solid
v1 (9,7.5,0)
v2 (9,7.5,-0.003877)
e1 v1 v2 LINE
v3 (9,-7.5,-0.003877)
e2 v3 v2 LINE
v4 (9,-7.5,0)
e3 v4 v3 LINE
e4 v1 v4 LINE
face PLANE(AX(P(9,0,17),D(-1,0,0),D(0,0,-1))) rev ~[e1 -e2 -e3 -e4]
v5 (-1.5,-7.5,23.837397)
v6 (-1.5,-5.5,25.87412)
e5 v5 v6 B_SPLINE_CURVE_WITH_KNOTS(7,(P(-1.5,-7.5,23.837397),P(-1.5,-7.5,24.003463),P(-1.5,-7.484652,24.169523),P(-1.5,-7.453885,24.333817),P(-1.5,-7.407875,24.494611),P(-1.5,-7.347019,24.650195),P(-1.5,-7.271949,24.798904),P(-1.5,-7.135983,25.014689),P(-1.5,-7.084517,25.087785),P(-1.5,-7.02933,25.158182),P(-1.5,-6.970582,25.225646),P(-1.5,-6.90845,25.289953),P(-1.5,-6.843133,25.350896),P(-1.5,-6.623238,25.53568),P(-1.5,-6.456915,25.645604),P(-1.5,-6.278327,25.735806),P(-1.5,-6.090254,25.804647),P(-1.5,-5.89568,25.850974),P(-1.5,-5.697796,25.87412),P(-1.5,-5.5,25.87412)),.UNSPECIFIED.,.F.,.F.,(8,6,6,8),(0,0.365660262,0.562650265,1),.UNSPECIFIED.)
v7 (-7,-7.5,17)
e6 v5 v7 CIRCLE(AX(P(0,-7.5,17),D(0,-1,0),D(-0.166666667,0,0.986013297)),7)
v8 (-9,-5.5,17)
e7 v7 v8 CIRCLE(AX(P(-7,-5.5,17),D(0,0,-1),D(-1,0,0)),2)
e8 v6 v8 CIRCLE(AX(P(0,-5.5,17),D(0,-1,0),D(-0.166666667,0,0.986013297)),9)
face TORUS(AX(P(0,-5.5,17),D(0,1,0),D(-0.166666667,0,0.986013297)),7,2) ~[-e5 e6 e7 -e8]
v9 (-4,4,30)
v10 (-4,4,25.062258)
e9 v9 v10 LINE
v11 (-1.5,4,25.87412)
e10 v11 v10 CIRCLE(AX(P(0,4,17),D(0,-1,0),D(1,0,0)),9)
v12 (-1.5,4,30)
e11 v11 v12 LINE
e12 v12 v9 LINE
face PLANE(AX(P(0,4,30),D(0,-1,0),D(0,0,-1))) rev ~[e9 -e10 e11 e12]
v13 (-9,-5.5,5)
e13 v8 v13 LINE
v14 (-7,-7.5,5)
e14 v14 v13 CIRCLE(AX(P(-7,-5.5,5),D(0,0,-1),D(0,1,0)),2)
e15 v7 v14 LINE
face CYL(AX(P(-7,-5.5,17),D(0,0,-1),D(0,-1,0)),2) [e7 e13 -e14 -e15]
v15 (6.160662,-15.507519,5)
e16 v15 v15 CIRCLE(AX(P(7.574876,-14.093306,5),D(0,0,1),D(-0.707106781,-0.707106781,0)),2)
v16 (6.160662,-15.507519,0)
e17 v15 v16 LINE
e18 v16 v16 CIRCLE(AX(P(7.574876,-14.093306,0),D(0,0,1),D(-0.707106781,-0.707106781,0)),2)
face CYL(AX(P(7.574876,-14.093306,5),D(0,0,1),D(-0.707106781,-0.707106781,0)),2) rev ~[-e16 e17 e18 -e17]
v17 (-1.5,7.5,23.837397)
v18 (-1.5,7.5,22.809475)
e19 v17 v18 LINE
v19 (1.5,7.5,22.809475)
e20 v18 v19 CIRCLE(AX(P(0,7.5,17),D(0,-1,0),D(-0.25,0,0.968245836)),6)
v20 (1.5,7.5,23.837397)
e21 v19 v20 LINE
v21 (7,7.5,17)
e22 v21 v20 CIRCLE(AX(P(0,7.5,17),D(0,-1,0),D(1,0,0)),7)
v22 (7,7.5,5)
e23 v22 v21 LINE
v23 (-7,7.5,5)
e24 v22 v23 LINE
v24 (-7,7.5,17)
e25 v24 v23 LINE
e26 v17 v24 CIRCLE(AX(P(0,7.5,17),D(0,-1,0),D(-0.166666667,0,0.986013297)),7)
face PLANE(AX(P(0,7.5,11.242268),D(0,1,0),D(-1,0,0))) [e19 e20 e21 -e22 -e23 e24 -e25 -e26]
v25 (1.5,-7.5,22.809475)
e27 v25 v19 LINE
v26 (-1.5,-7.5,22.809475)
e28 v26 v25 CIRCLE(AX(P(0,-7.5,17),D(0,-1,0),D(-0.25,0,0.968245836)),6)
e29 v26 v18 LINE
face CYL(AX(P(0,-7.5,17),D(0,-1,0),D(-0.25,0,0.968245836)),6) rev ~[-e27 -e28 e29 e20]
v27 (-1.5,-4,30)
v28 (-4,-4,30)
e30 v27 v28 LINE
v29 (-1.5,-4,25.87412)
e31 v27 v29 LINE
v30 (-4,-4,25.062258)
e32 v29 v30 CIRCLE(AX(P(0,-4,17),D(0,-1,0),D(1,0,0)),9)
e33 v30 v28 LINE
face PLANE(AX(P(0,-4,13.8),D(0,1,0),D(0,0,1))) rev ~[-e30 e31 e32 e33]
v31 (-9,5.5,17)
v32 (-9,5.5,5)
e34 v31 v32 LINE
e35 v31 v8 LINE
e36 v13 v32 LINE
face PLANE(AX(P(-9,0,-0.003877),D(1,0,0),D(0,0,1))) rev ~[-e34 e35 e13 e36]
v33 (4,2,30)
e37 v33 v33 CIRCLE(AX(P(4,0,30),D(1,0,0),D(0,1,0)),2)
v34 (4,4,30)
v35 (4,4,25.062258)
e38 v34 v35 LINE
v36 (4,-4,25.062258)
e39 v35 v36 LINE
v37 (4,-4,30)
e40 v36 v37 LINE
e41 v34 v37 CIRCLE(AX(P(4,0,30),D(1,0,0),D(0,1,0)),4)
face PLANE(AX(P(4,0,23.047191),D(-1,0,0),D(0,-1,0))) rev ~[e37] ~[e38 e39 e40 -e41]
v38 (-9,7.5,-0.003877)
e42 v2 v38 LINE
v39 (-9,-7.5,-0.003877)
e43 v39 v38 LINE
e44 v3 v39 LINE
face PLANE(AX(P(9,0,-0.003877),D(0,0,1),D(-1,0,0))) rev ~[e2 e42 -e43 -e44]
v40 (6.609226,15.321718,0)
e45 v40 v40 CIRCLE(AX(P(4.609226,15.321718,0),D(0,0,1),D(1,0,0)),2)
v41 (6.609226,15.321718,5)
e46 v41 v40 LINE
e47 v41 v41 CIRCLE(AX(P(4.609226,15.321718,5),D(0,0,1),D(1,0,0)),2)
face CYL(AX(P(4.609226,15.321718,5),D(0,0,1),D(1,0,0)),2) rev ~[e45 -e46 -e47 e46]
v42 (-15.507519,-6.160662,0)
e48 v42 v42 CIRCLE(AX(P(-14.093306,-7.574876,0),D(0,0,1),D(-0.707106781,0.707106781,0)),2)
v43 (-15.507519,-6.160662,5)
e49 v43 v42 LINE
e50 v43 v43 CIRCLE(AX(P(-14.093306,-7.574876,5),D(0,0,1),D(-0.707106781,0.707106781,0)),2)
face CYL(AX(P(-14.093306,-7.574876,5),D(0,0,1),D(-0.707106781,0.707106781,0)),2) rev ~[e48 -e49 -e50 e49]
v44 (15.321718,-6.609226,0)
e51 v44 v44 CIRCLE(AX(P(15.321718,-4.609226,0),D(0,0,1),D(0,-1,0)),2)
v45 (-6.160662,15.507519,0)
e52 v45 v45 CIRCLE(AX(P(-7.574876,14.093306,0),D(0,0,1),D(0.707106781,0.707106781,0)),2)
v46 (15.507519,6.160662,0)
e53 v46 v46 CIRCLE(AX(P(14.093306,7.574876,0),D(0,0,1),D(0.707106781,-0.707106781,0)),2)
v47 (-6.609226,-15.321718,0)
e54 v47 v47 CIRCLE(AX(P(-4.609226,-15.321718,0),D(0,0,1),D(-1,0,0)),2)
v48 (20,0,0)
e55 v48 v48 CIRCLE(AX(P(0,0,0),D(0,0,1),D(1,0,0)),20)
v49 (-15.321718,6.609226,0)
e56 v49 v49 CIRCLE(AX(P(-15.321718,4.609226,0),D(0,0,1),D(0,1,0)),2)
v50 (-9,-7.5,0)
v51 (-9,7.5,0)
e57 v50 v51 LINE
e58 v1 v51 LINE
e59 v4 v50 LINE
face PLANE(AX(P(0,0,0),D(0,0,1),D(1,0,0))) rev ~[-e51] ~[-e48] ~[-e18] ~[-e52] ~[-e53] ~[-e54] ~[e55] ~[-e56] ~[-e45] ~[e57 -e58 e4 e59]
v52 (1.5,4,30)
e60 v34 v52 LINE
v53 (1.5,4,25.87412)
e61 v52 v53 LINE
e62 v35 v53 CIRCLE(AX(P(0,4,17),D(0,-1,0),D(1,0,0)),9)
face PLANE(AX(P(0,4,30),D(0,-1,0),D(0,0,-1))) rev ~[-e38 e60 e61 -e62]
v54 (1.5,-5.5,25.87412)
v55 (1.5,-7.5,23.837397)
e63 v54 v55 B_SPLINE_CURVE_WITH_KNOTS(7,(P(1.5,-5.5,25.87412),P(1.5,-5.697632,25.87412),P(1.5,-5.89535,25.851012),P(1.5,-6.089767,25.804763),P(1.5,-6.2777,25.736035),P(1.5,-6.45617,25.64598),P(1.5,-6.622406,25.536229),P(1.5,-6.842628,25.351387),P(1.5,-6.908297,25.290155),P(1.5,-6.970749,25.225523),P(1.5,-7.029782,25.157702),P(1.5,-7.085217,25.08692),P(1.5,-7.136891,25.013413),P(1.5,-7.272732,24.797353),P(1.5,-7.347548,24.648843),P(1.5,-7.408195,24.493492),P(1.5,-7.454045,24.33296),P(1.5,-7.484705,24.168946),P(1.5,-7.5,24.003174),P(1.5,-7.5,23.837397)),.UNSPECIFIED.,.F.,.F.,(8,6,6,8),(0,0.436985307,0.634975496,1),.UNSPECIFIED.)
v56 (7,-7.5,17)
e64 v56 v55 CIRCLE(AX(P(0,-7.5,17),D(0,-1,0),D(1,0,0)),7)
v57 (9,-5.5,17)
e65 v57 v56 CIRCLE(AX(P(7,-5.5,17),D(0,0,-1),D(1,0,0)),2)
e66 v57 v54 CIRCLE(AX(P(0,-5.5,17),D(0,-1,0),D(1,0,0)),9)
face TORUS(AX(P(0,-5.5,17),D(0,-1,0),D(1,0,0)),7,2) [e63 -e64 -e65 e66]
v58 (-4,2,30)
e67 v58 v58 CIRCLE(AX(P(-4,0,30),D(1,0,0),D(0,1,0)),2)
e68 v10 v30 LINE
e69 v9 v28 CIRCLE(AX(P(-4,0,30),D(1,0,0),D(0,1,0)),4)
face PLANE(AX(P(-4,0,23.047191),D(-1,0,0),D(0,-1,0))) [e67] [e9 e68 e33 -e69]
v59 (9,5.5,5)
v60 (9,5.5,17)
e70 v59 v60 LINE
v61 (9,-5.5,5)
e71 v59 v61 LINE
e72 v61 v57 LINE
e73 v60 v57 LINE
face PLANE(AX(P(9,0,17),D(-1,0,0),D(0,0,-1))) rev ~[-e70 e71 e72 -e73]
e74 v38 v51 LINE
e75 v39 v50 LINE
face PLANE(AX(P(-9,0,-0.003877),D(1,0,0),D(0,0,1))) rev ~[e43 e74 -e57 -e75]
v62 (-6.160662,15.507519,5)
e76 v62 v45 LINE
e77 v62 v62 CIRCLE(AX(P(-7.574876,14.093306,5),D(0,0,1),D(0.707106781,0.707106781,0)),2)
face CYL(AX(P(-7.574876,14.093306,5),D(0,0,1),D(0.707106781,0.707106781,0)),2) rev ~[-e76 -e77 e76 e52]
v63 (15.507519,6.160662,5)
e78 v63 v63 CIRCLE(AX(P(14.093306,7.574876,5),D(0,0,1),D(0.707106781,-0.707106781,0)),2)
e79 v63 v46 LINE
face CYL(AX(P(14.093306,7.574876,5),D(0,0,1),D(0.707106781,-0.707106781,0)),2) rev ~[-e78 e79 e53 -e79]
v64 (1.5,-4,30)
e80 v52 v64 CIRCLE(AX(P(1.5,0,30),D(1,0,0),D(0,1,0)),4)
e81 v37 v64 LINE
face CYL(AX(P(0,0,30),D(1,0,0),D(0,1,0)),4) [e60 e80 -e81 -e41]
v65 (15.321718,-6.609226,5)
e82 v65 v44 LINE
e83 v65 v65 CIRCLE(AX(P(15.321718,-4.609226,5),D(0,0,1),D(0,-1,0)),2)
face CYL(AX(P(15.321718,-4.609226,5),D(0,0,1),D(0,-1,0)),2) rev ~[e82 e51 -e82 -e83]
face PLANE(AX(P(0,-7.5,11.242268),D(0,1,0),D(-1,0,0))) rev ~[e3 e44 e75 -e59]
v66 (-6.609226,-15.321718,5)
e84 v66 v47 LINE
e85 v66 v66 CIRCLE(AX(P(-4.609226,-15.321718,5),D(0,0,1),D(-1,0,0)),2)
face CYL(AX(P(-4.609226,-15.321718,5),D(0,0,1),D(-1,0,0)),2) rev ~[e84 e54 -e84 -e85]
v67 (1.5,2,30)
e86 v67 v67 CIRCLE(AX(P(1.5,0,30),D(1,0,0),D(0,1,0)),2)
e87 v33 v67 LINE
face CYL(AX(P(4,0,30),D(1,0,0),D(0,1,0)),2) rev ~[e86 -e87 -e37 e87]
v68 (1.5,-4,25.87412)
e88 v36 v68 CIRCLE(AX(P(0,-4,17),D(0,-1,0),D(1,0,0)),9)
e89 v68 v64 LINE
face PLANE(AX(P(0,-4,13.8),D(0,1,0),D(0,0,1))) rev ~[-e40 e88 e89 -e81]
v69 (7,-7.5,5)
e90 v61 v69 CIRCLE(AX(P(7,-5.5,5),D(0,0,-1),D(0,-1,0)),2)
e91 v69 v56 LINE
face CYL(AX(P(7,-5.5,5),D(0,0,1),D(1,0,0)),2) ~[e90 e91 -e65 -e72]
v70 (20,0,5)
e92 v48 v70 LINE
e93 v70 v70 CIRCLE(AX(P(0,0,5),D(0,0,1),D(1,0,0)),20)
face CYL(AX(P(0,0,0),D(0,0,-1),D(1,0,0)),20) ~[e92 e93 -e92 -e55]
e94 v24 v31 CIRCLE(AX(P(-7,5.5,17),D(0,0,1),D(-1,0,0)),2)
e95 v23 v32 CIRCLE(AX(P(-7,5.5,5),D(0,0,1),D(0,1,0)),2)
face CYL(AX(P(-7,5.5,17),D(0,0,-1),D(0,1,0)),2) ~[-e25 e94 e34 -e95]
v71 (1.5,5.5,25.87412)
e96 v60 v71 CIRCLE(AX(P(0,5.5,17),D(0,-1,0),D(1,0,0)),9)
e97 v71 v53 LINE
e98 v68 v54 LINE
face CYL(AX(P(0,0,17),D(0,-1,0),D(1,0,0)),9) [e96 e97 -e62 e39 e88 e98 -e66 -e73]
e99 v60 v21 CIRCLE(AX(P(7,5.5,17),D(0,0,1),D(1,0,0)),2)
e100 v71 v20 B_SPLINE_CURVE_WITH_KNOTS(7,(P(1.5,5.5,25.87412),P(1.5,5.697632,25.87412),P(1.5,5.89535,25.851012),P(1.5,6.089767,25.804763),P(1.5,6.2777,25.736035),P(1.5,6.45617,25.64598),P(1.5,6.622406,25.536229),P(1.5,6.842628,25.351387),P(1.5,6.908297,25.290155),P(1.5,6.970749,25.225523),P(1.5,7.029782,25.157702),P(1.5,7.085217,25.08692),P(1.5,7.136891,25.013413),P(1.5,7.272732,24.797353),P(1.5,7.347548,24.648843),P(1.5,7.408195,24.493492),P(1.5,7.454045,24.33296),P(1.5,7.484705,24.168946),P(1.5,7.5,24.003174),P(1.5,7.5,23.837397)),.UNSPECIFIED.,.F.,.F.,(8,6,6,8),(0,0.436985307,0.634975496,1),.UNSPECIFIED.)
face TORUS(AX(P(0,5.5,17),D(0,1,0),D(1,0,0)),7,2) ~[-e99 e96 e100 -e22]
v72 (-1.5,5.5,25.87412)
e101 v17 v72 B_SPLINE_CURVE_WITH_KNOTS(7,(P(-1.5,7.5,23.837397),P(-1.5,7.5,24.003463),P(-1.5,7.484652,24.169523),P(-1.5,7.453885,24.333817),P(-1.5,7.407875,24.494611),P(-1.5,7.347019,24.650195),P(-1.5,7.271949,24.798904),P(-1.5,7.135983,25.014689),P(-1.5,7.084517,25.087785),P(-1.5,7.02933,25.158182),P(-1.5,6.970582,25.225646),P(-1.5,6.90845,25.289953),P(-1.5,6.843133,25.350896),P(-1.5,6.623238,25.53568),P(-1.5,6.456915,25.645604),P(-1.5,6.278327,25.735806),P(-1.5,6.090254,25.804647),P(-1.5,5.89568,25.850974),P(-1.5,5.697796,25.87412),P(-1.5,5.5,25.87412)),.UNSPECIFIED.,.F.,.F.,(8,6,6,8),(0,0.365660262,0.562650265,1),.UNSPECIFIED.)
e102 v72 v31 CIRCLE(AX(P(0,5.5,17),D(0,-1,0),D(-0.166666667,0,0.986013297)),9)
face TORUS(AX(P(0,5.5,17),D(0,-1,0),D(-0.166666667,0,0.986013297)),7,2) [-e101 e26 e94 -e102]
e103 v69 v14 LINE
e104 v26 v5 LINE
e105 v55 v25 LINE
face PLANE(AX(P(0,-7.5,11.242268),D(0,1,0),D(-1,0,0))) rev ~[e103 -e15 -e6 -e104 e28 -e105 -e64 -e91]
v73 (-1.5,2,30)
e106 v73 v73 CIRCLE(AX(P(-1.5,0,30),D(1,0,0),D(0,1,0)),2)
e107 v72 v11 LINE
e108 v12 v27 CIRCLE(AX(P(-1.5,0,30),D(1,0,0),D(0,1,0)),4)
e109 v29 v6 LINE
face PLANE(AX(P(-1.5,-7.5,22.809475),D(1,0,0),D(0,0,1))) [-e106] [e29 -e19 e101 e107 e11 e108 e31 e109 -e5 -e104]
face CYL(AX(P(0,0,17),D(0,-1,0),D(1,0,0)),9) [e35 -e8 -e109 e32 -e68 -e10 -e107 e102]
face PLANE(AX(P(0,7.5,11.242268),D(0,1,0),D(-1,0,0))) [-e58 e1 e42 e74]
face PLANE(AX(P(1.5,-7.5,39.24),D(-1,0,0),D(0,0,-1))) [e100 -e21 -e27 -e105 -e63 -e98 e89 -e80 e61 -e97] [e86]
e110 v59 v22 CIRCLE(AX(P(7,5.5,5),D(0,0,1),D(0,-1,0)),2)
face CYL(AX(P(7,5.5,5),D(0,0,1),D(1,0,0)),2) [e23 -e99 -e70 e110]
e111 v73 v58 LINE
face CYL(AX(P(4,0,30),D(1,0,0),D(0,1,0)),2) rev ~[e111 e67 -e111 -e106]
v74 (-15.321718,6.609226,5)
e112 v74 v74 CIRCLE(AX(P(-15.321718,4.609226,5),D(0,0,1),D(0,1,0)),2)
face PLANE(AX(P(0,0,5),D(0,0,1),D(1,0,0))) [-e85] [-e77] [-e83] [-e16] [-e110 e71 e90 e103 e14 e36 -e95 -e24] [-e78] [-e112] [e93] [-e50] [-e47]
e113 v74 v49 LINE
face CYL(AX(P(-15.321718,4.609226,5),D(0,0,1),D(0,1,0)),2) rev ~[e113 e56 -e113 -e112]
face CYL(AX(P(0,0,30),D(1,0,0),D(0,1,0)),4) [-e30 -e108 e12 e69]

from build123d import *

# Parameters (mm, degrees)
SKETCH_R           = 20
PAD_DEPTH          = 5
PAD001_DEPTH       = 7.5
PAD002_DEPTH       = 4
SKETCH003_R        = 2
POCKET_DEPTH       = 24.001
POCKET001_DEPTH    = 27.501
SKETCH005_R        = 2
POCKET002_DEPTH    = 137.008872
POLARPATTERN_COUNT = 8
FILLET_R           = 2


with BuildPart() as part:
    # Sketch → Pad (new body)
    with BuildSketch(Plane.XY):
        Circle(SKETCH_R)
    extrude(amount=PAD_DEPTH)

    # Sketch001 → Pad001 (join, symmetric)
    with BuildSketch(Plane.XZ):
        with BuildLine():
            Line((9, 17), (9, -0.003877))
            Line((9, -0.003877), (-9, -0.003877))
            Line((-9, -0.003877), (-9, 17))
            ThreePointArc((9, 17), (0, 26), (-9, 17))
        make_face()
    extrude(amount=PAD001_DEPTH, both=True)

    # Sketch002 → Pad002 (join, symmetric)
    with BuildSketch(Plane.YZ):
        with BuildLine():
            Line((-4, 13.8), (-4, 30))
            ThreePointArc((4, 30), (0, 34), (-4, 30))
            Line((4, 30), (4, 13.8))
            Line((4, 13.8), (-4, 13.8))
        make_face()
    extrude(amount=PAD002_DEPTH, both=True)

    # Sketch003 (on Face16 of Pad002) → Pocket (cut, through all)
    with BuildSketch(Plane.YZ.offset(4)):
        with Locations((0, 30)):
            Circle(SKETCH003_R)
    extrude(amount=-POCKET_DEPTH, mode=Mode.SUBTRACT)

    # Sketch004 (on Face11 of Pocket) → Pocket001 (cut, through all)
    with BuildSketch(Plane.XZ.offset(7.5)):
        with BuildLine():
            ThreePointArc((-1.5, 22.809475), (0, 11), (1.5, 22.809475))
            Line((1.5, 39.24), (1.5, 22.809475))
            Line((-1.5, 39.24), (1.5, 39.24))
            Line((-1.5, 22.809475), (-1.5, 39.24))
        make_face()
    extrude(amount=-POCKET001_DEPTH, mode=Mode.SUBTRACT)

    # Sketch005 (on Face3 of Pocket001) → Pocket002 (cut, through all)
    with BuildSketch(Plane.XY.offset(5)):
        with Locations((4.609226, 15.321718)):
            Circle(SKETCH005_R)
    pocket002 = extrude(amount=-POCKET002_DEPTH, mode=Mode.SUBTRACT)

    # PolarPattern: Pocket002 ×8 about axis
    polarpattern_axis = Axis((0, 0, 5), (0, 0, 1))
    for i in range(1, POLARPATTERN_COUNT):
        add(pocket002.rotate(polarpattern_axis, i * 360 / POLARPATTERN_COUNT), mode=Mode.SUBTRACT)

    # Fillet
    fillet_edges = [part.edges().sort_by_distance(p)[0] for p in [
        (6.873864, -7.5, 22.809475),
        (-6.873864, -7.5, 22.809475),
        (6.873864, 7.5, 22.809475),
        (-6.873864, 7.5, 22.809475),
    ]]
    fillet(fillet_edges, radius=FILLET_R)


solid = part.part
